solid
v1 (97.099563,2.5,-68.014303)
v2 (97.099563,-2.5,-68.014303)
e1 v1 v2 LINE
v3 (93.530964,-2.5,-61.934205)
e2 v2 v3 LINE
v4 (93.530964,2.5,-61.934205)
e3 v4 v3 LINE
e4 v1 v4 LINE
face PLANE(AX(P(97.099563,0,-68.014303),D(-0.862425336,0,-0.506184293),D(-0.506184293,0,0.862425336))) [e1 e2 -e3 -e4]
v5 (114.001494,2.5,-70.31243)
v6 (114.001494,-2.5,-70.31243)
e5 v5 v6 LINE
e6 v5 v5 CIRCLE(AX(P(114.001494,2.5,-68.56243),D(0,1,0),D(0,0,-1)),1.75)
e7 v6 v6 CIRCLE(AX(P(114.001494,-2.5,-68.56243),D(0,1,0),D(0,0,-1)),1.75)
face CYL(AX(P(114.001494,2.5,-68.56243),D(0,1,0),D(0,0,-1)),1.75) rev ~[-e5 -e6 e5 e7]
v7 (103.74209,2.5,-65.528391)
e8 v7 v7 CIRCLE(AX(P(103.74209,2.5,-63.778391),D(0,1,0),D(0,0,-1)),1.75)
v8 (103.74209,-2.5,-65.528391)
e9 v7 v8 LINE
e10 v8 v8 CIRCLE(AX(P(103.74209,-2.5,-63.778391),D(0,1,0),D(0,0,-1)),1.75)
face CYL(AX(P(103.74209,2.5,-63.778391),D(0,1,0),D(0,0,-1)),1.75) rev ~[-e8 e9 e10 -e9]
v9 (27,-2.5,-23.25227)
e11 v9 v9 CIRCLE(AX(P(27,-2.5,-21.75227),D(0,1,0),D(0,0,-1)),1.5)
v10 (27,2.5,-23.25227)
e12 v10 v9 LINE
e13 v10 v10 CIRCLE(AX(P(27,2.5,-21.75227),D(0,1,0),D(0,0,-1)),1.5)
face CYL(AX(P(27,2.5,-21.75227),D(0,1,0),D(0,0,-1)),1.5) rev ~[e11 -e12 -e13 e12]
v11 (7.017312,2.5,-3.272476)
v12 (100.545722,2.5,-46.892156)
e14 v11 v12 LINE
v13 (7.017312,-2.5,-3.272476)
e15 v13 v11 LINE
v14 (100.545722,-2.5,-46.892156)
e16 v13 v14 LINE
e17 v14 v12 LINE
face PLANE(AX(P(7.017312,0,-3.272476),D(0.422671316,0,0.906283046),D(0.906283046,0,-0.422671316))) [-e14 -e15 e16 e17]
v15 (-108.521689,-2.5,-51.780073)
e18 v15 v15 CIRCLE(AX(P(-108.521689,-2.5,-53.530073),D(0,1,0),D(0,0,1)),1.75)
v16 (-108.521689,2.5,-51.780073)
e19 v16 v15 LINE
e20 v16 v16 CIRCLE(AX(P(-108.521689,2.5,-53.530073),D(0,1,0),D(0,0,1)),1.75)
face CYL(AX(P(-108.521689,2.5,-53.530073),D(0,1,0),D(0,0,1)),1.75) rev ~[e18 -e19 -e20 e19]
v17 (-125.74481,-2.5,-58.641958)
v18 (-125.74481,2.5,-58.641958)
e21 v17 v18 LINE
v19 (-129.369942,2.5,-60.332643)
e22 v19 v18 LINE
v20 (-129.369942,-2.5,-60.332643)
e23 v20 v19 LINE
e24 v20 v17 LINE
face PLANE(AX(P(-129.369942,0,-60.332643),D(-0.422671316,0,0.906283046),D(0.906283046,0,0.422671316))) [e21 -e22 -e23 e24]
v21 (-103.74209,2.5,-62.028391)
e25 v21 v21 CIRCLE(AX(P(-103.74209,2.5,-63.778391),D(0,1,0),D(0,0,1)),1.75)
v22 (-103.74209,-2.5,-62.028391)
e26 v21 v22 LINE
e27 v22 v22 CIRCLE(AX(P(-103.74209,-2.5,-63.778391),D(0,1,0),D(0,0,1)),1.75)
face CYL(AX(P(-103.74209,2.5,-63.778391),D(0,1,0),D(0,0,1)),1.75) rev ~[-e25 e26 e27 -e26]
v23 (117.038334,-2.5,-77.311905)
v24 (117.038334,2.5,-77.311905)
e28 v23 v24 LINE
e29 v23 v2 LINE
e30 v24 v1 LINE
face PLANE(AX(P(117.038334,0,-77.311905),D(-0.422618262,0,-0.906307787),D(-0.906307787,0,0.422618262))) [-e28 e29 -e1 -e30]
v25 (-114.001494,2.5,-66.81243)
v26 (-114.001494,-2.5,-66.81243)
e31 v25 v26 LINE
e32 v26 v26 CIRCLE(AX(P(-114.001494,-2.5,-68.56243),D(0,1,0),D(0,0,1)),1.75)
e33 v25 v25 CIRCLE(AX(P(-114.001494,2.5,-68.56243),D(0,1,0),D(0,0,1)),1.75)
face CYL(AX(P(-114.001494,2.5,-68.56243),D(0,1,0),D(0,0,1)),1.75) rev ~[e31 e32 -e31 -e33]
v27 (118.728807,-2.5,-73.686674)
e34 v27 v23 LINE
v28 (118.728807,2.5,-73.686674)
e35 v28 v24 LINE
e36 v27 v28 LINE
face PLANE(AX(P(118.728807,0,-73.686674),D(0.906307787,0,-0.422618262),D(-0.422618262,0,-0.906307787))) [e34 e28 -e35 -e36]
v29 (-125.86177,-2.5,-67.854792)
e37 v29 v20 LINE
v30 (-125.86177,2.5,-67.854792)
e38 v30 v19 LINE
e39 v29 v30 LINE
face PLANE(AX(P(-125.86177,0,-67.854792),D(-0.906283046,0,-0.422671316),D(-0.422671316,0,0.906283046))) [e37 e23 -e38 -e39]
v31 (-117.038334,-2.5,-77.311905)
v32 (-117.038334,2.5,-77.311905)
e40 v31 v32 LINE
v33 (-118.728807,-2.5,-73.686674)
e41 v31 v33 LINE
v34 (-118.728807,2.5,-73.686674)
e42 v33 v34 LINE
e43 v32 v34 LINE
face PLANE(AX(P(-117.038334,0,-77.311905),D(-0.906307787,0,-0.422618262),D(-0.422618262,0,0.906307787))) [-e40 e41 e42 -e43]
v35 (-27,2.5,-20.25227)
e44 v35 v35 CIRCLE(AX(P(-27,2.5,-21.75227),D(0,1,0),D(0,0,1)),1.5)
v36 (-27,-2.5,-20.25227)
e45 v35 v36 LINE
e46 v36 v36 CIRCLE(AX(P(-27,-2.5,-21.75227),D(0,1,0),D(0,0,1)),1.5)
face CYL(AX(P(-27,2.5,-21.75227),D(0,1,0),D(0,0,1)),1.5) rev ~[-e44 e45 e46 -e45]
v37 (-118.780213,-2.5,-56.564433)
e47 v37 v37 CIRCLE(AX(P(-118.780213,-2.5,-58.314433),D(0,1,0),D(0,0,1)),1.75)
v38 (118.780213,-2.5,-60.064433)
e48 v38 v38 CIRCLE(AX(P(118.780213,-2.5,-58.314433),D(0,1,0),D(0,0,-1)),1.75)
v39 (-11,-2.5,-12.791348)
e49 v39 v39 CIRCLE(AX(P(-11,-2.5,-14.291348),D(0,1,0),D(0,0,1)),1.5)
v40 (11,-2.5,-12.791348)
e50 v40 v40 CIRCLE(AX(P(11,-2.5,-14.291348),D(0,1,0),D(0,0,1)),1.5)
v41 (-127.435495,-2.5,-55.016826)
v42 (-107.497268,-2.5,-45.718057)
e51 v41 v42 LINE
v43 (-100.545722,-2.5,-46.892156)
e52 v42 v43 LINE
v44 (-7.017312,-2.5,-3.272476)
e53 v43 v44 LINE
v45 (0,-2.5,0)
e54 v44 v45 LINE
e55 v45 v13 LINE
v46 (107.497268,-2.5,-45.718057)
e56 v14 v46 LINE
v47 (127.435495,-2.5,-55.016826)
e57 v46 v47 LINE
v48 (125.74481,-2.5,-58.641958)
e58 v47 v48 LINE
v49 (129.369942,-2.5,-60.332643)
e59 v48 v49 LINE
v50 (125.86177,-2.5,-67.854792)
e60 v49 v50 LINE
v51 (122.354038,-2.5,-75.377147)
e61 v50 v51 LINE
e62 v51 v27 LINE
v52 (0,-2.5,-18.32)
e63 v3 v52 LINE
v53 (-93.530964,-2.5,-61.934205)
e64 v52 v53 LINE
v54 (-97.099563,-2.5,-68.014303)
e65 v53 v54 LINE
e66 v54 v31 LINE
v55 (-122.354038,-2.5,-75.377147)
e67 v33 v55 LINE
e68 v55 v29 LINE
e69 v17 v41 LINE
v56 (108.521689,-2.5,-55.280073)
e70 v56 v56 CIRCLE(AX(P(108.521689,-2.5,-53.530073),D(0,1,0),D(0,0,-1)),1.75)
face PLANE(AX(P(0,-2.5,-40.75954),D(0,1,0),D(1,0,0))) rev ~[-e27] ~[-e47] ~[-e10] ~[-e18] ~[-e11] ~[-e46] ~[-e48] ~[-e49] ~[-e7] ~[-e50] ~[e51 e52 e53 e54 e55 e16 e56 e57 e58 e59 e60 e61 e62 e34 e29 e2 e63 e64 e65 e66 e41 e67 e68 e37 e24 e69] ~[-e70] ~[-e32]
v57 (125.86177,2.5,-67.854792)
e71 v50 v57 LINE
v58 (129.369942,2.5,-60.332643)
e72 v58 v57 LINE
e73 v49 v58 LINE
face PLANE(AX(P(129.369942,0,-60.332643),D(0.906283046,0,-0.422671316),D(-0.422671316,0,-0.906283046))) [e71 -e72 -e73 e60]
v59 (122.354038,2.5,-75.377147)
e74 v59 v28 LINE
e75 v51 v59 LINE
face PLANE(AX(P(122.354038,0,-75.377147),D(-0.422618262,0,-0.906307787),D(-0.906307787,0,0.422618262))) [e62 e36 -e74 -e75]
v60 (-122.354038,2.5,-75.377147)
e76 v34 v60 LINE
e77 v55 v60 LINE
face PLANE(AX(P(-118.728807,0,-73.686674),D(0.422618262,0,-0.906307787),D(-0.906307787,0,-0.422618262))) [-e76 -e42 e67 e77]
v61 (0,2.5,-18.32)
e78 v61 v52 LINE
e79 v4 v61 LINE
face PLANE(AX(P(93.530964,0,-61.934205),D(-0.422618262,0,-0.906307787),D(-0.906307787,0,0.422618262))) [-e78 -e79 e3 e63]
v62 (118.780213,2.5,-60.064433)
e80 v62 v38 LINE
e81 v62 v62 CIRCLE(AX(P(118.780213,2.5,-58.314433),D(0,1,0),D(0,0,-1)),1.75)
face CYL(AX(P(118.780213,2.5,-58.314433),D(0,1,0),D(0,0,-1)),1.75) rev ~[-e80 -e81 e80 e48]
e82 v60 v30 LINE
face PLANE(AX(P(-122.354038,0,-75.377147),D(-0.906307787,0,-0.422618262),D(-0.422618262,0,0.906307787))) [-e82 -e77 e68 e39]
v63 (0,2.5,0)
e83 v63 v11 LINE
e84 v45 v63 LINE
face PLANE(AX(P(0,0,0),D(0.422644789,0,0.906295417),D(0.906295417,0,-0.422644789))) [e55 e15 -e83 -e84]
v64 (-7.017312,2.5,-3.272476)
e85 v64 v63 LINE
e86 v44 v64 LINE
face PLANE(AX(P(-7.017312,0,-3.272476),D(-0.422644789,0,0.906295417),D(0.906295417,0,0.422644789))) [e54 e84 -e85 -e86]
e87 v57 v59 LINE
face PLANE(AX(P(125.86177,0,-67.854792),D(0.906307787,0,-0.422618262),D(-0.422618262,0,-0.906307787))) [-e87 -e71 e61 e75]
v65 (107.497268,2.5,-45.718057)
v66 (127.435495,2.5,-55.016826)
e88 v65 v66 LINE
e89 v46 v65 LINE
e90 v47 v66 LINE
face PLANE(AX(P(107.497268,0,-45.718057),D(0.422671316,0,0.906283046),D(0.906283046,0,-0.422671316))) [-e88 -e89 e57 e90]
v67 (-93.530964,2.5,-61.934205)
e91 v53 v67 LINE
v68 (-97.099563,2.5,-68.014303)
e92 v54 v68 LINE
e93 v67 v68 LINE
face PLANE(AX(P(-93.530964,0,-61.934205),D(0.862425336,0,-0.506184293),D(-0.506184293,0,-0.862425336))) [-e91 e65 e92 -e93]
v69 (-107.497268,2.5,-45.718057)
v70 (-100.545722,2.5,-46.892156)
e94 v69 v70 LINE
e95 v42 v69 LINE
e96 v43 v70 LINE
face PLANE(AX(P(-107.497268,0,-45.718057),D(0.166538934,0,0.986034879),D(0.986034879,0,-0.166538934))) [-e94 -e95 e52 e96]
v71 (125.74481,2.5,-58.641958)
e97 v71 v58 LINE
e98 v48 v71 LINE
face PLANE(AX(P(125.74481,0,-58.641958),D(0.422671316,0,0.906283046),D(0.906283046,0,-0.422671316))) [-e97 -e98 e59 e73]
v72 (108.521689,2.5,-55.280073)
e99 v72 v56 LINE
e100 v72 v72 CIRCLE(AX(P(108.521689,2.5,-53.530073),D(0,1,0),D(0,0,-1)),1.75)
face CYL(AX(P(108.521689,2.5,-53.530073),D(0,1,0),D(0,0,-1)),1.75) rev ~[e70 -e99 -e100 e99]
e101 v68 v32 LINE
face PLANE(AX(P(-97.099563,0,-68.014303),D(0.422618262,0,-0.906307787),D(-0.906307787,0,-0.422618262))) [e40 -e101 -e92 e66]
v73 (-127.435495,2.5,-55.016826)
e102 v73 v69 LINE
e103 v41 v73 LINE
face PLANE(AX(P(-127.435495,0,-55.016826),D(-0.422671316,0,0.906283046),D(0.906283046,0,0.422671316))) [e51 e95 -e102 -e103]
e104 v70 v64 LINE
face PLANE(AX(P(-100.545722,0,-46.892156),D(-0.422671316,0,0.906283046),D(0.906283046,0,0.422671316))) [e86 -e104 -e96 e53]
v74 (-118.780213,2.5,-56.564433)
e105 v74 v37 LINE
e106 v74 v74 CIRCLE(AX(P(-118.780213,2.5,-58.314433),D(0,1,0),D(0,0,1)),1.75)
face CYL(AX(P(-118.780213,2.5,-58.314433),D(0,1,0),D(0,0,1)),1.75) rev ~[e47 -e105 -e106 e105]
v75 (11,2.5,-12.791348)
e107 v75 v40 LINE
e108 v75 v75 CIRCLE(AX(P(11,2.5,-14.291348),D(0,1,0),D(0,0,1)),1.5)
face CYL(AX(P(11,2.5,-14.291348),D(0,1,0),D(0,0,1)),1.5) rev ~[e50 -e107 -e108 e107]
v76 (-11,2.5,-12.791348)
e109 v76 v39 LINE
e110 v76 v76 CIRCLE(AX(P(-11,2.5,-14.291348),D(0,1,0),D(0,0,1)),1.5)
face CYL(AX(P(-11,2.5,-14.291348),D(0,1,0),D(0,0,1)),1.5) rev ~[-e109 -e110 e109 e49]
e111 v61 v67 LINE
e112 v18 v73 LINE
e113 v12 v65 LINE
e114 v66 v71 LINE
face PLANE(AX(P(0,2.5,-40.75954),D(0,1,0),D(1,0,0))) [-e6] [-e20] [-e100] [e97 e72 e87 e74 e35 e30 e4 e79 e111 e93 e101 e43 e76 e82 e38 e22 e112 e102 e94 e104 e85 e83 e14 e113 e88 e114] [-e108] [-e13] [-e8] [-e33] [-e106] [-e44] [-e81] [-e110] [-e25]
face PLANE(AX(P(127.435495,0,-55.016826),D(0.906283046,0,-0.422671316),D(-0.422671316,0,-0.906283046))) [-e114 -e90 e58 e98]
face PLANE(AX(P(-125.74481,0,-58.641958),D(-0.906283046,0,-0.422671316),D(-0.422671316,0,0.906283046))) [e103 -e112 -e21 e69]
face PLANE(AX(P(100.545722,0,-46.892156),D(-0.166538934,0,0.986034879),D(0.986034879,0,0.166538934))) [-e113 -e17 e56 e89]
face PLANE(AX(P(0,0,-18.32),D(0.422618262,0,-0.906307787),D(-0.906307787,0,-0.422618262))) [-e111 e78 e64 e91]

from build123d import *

# Parameters (mm, degrees)
BOSS_EXTRUDE1_DEPTH = 2.5
SKETCH2_R           = 1.5
CUT_EXTRUDE1_DEPTH  = 151.793609014
SKETCH3_R           = 1.75
CUT_EXTRUDE2_DEPTH  = 151.793609014


with BuildPart() as part:
    # Sketch1 → Boss-Extrude1 (new, symmetric)
    with BuildSketch(Plane(origin=(0, 0, 0), x_dir=(1, 0, 0), z_dir=(0, 1, 0))):
        Polygon((0, 18.32), (-93.530963622, 61.934204612), (-97.099562891, 68.014303234), (-117.038334206, 77.311904992), (-118.728807253, 73.686673844), (-122.354038401, 75.377146891), (-125.861769973, 67.854792259), (-129.369941895, 60.33264298), (-125.744809712, 58.641957717), (-127.435494976, 55.016825534), (-107.497267972, 45.718056586), (-100.545722072, 46.892156069), (-7.017311764, 3.272476275), (0, 0), (7.017311764, 3.272476275), (100.545722072, 46.892156069), (107.497267972, 45.718056586), (127.435494976, 55.016825534), (125.744809712, 58.641957717), (129.369941895, 60.33264298), (125.861769973, 67.854792259), (122.354038401, 75.377146891), (118.728807253, 73.686673844), (117.038334206, 77.311904992), (97.099562891, 68.014303234), (93.530963622, 61.934204612), align=None)
    extrude(amount=BOSS_EXTRUDE1_DEPTH, both=True)

    # Sketch2 → Cut-Extrude1 (cut, through all)
    with BuildSketch(Plane(origin=(0, 2.5, 0), x_dir=(1, 0, 0), z_dir=(0, 1, 0))):
        with Locations(Location((-11, 14.291347512, 0), (0, 0, 270))):
            Circle(SKETCH2_R)
        with Locations(Location((11, 14.291347512, 0), (0, 0, 270))):
            Circle(SKETCH2_R)
        with Locations(Location((-27, 21.752270043, 0), (0, 0, 270))):
            Circle(SKETCH2_R)
        with Locations(Location((27, 21.752270043, 0), (0, 0, 90))):
            Circle(SKETCH2_R)
    extrude(amount=-CUT_EXTRUDE1_DEPTH, mode=Mode.SUBTRACT)

    # Sketch3 → Cut-Extrude2 (cut, through all)
    with BuildSketch(Plane(origin=(0, 2.5, 0), x_dir=(1, 0, 0), z_dir=(0, 1, 0))):
        with Locations(Location((-114.001493892, 68.562429851, 0), (0, 0, 270))):
            Circle(SKETCH3_R)
        with Locations(Location((-118.780213306, 58.314432997, 0), (0, 0, 270))):
            Circle(SKETCH3_R)
        with Locations(Location((-103.742089693, 63.778391104, 0), (0, 0, 270))):
            Circle(SKETCH3_R)
        with Locations(Location((-108.521689093, 53.530073465, 0), (0, 0, 270))):
            Circle(SKETCH3_R)
        with Locations(Location((103.742089693, 63.778391104, 0), (0, 0, 90))):
            Circle(SKETCH3_R)
        with Locations(Location((108.521689093, 53.530073465, 0), (0, 0, 90))):
            Circle(SKETCH3_R)
        with Locations(Location((118.780213306, 58.314432997, 0), (0, 0, 90))):
            Circle(SKETCH3_R)
        with Locations(Location((114.001493892, 68.562429851, 0), (0, 0, 90))):
            Circle(SKETCH3_R)
    extrude(amount=-CUT_EXTRUDE2_DEPTH, mode=Mode.SUBTRACT)


solid = part.part
